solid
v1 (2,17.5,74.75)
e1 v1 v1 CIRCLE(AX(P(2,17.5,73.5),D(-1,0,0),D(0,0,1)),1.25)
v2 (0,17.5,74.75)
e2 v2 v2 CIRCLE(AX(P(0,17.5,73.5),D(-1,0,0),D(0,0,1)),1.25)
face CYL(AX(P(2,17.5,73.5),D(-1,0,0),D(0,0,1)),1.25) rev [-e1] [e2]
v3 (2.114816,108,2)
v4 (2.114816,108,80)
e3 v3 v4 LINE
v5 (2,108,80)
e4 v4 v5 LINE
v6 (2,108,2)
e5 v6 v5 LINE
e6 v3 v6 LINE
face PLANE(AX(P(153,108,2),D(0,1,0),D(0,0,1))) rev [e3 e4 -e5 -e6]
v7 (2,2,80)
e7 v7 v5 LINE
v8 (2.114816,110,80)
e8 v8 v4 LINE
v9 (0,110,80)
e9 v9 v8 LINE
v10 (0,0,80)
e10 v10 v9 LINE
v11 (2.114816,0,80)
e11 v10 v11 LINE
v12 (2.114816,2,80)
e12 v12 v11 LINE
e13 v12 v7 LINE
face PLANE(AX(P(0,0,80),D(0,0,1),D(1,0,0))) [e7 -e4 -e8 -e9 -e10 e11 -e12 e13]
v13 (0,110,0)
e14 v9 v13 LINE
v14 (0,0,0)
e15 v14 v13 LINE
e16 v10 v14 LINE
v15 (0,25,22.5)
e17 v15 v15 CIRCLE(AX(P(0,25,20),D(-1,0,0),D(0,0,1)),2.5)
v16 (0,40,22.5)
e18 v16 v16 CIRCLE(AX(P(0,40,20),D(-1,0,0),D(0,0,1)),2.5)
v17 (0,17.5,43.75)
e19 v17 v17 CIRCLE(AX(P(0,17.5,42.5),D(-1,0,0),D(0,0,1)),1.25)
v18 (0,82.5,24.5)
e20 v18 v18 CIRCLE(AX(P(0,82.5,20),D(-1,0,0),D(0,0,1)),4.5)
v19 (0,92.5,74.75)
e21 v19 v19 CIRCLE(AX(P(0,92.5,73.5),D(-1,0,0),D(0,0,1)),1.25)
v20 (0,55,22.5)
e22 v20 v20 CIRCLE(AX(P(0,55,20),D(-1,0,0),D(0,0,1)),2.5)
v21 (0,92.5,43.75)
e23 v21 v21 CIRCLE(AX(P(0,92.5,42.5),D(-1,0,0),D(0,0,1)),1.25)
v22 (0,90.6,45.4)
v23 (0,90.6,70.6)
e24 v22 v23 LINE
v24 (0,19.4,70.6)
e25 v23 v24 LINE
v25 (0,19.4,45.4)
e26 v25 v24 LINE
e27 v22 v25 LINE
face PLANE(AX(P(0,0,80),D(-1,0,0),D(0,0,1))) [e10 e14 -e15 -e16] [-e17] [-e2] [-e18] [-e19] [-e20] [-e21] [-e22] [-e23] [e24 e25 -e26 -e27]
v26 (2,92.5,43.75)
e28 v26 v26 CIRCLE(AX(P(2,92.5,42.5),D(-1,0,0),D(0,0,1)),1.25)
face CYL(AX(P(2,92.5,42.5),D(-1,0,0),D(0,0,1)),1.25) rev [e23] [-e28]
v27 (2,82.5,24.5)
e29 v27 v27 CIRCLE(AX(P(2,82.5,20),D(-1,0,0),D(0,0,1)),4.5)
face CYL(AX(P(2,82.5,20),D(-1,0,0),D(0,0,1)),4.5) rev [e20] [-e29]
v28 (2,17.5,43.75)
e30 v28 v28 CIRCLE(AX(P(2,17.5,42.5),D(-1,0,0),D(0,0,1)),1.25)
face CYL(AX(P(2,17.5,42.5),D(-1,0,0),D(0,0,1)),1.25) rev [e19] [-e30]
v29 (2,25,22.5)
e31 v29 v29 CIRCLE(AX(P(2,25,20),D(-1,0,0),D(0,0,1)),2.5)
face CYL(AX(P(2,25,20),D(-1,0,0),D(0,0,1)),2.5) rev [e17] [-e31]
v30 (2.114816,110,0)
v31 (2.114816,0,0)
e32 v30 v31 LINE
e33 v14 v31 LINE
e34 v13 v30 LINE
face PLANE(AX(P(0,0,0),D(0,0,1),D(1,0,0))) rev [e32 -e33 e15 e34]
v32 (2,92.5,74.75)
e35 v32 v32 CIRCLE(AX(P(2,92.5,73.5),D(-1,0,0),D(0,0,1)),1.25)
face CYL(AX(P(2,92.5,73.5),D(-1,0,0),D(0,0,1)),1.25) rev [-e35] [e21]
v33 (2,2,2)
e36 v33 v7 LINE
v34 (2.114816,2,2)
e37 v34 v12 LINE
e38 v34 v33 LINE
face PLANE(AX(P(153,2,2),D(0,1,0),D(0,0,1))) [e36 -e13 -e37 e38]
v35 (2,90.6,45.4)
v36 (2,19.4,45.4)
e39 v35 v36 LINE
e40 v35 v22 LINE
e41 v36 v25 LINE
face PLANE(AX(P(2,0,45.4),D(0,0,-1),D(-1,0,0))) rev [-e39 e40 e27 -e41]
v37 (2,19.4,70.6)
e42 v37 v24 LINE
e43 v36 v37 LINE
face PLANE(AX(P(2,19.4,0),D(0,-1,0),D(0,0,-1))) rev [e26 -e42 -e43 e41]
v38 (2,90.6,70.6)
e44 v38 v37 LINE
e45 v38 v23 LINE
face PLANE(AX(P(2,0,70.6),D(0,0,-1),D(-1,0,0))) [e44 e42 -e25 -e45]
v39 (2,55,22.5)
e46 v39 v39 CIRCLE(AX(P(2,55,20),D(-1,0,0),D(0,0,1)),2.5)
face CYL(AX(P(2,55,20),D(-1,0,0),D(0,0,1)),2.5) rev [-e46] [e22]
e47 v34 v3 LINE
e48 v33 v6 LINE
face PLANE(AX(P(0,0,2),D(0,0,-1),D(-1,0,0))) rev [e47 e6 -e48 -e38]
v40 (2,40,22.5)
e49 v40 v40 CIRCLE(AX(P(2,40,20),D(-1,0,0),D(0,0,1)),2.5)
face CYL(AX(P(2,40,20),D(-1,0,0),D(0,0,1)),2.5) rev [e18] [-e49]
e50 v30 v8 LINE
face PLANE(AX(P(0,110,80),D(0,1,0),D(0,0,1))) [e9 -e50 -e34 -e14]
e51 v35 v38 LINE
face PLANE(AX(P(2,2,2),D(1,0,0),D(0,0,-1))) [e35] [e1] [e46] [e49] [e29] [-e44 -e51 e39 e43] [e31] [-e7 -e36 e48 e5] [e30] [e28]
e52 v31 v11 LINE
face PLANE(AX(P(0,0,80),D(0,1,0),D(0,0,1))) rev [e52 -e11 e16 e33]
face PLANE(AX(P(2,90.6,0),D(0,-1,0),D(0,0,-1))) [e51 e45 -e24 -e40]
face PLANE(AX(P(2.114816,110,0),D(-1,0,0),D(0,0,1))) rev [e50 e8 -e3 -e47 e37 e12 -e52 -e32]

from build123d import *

# Parameters (mm, degrees)
SKETCH1_W           = 155
SKETCH1_H           = 110
BOSS_EXTRUDE1_DEPTH = 80
SKETCH2_W           = 151
SKETCH2_H           = 106
CUT_EXTRUDE1_DEPTH  = 78
SKETCH3_R           = 2.5
CUT_EXTRUDE2_DEPTH  = 2
SKETCH7_R           = 1.6
CUT_EXTRUDE7_DEPTH  = 2
SKETCH4_W           = 27.5
SKETCH4_H           = 46.8
CUT_EXTRUDE8_DEPTH  = 2
SKETCH8_W           = 4
SKETCH8_H           = 53
CUT_EXTRUDE9_DEPTH  = 2
SKETCH9_W           = 14
SKETCH9_H           = 14
CUT_EXTRUDE10_DEPTH = 2
SKETCH10_W          = 25.2
SKETCH10_H          = 71.2
SKETCH10_R          = 1.25
CUT_EXTRUDE12_DEPTH = 2
SKETCH11_R          = 2.5
SKETCH11_R_2        = 4.5
CUT_EXTRUDE13_DEPTH = 2
SKETCH12_W          = 152.88518354
SKETCH12_H          = 110
CUT_EXTRUDE14_DEPTH = 80


with BuildPart() as part:
    # Sketch1 → Boss-Extrude1 (new body)
    with BuildSketch(Plane.XY):
        with Locations((77.5, 55)):
            Rectangle(SKETCH1_W, SKETCH1_H)
    extrude(amount=BOSS_EXTRUDE1_DEPTH)

    # Sketch2 → Cut-Extrude1 (cut)
    with BuildSketch(Plane.XY.offset(80)):
        with Locations((77.5, 55)):
            Rectangle(SKETCH2_W, SKETCH2_H)
    extrude(amount=-CUT_EXTRUDE1_DEPTH, mode=Mode.SUBTRACT)

    # Sketch3 → Cut-Extrude2 (cut)
    with BuildSketch(Plane.XY.offset(2)):
        with Locations((145, 100.5)):
            Circle(SKETCH3_R)
        with Locations((145, 9.5)):
            Circle(SKETCH3_R)
        with Locations((10, 9.5)):
            Circle(SKETCH3_R)
        with Locations((10, 100.5)):
            Circle(SKETCH3_R)
    extrude(amount=-CUT_EXTRUDE2_DEPTH, mode=Mode.SUBTRACT)

    # Sketch7 → Cut-Extrude7 (cut)
    with BuildSketch(Plane(origin=(0, 110, 0), x_dir=(1, 0, 0), z_dir=(0, 1, 0))):
        with Locations((44.48, -20.14450396)):
            Circle(SKETCH7_R)
        with Locations((95.28, -17.14)):
            Circle(SKETCH7_R)
        with Locations((95.28, -62.86)):
            Circle(SKETCH7_R)
        with Locations((44.48, -47.62)):
            Circle(SKETCH7_R)
    extrude(amount=-CUT_EXTRUDE7_DEPTH, mode=Mode.SUBTRACT)

    # Sketch4 → Cut-Extrude8 (cut)
    with BuildSketch(Plane(origin=(155, 0, 0), x_dir=(0, 0, -1), z_dir=(1, 0, 0))):
        with Locations((-40, 82.5)):
            Rectangle(SKETCH4_W, SKETCH4_H)
    extrude(amount=-CUT_EXTRUDE8_DEPTH, mode=Mode.SUBTRACT)

    # Sketch8 → Cut-Extrude9 (cut)
    with BuildSketch(Plane(origin=(155, 0, 0), x_dir=(0, 0, -1), z_dir=(1, 0, 0))):
        with Locations((-68, 28.5)):
            Rectangle(SKETCH8_W, SKETCH8_H)
        with Locations((-76, 28.5)):
            Rectangle(SKETCH8_W, SKETCH8_H)
        with Locations((-60, 28.5)):
            Rectangle(SKETCH8_W, SKETCH8_H)
        with Locations((-52, 28.5)):
            Rectangle(SKETCH8_W, SKETCH8_H)
        with Locations((-44, 28.5)):
            Rectangle(SKETCH8_W, SKETCH8_H)
        with Locations((-36, 28.5)):
            Rectangle(SKETCH8_W, SKETCH8_H)
        with Locations((-28, 28.5)):
            Rectangle(SKETCH8_W, SKETCH8_H)
        with Locations((-20, 28.5)):
            Rectangle(SKETCH8_W, SKETCH8_H)
        with Locations((-12, 28.5)):
            Rectangle(SKETCH8_W, SKETCH8_H)
        with Locations((-4, 28.5)):
            Rectangle(SKETCH8_W, SKETCH8_H)
    extrude(amount=-CUT_EXTRUDE9_DEPTH, mode=Mode.SUBTRACT)

    # Sketch9 → Cut-Extrude10 (cut)
    with BuildSketch(Plane(origin=(0, 110, 0), x_dir=(1, 0, 0), z_dir=(0, 1, 0))):
        with Locations((120, -19)):
            Rectangle(SKETCH9_W, SKETCH9_H)
    extrude(amount=-CUT_EXTRUDE10_DEPTH, mode=Mode.SUBTRACT)

    # Sketch10 → Cut-Extrude12 (cut)
    with BuildSketch(Plane.ZY):
        with Locations((58, 55)):
            Rectangle(SKETCH10_W, SKETCH10_H)
        with Locations((42.5, 92.5)):
            Circle(SKETCH10_R)
        with Locations((73.5, 92.5)):
            Circle(SKETCH10_R)
        with Locations((42.5, 17.5)):
            Circle(SKETCH10_R)
        with Locations((73.5, 17.5)):
            Circle(SKETCH10_R)
    extrude(amount=-CUT_EXTRUDE12_DEPTH, mode=Mode.SUBTRACT)

    # Sketch11 → Cut-Extrude13 (cut)
    with BuildSketch(Plane.ZY):
        with Locations((20, 55)):
            Circle(SKETCH11_R)
        with Locations((20, 40)):
            Circle(SKETCH11_R)
        with Locations((20, 25)):
            Circle(SKETCH11_R)
        with Locations((20, 82.5)):
            Circle(SKETCH11_R_2)
    extrude(amount=-CUT_EXTRUDE13_DEPTH, mode=Mode.SUBTRACT)

    # Sketch12 → Cut-Extrude14 (cut)
    with BuildSketch(Plane.XY.offset(80)):
        with Locations((78.55740823, 55)):
            Rectangle(SKETCH12_W, SKETCH12_H)
    extrude(amount=-CUT_EXTRUDE14_DEPTH, mode=Mode.SUBTRACT)


solid = part.part
